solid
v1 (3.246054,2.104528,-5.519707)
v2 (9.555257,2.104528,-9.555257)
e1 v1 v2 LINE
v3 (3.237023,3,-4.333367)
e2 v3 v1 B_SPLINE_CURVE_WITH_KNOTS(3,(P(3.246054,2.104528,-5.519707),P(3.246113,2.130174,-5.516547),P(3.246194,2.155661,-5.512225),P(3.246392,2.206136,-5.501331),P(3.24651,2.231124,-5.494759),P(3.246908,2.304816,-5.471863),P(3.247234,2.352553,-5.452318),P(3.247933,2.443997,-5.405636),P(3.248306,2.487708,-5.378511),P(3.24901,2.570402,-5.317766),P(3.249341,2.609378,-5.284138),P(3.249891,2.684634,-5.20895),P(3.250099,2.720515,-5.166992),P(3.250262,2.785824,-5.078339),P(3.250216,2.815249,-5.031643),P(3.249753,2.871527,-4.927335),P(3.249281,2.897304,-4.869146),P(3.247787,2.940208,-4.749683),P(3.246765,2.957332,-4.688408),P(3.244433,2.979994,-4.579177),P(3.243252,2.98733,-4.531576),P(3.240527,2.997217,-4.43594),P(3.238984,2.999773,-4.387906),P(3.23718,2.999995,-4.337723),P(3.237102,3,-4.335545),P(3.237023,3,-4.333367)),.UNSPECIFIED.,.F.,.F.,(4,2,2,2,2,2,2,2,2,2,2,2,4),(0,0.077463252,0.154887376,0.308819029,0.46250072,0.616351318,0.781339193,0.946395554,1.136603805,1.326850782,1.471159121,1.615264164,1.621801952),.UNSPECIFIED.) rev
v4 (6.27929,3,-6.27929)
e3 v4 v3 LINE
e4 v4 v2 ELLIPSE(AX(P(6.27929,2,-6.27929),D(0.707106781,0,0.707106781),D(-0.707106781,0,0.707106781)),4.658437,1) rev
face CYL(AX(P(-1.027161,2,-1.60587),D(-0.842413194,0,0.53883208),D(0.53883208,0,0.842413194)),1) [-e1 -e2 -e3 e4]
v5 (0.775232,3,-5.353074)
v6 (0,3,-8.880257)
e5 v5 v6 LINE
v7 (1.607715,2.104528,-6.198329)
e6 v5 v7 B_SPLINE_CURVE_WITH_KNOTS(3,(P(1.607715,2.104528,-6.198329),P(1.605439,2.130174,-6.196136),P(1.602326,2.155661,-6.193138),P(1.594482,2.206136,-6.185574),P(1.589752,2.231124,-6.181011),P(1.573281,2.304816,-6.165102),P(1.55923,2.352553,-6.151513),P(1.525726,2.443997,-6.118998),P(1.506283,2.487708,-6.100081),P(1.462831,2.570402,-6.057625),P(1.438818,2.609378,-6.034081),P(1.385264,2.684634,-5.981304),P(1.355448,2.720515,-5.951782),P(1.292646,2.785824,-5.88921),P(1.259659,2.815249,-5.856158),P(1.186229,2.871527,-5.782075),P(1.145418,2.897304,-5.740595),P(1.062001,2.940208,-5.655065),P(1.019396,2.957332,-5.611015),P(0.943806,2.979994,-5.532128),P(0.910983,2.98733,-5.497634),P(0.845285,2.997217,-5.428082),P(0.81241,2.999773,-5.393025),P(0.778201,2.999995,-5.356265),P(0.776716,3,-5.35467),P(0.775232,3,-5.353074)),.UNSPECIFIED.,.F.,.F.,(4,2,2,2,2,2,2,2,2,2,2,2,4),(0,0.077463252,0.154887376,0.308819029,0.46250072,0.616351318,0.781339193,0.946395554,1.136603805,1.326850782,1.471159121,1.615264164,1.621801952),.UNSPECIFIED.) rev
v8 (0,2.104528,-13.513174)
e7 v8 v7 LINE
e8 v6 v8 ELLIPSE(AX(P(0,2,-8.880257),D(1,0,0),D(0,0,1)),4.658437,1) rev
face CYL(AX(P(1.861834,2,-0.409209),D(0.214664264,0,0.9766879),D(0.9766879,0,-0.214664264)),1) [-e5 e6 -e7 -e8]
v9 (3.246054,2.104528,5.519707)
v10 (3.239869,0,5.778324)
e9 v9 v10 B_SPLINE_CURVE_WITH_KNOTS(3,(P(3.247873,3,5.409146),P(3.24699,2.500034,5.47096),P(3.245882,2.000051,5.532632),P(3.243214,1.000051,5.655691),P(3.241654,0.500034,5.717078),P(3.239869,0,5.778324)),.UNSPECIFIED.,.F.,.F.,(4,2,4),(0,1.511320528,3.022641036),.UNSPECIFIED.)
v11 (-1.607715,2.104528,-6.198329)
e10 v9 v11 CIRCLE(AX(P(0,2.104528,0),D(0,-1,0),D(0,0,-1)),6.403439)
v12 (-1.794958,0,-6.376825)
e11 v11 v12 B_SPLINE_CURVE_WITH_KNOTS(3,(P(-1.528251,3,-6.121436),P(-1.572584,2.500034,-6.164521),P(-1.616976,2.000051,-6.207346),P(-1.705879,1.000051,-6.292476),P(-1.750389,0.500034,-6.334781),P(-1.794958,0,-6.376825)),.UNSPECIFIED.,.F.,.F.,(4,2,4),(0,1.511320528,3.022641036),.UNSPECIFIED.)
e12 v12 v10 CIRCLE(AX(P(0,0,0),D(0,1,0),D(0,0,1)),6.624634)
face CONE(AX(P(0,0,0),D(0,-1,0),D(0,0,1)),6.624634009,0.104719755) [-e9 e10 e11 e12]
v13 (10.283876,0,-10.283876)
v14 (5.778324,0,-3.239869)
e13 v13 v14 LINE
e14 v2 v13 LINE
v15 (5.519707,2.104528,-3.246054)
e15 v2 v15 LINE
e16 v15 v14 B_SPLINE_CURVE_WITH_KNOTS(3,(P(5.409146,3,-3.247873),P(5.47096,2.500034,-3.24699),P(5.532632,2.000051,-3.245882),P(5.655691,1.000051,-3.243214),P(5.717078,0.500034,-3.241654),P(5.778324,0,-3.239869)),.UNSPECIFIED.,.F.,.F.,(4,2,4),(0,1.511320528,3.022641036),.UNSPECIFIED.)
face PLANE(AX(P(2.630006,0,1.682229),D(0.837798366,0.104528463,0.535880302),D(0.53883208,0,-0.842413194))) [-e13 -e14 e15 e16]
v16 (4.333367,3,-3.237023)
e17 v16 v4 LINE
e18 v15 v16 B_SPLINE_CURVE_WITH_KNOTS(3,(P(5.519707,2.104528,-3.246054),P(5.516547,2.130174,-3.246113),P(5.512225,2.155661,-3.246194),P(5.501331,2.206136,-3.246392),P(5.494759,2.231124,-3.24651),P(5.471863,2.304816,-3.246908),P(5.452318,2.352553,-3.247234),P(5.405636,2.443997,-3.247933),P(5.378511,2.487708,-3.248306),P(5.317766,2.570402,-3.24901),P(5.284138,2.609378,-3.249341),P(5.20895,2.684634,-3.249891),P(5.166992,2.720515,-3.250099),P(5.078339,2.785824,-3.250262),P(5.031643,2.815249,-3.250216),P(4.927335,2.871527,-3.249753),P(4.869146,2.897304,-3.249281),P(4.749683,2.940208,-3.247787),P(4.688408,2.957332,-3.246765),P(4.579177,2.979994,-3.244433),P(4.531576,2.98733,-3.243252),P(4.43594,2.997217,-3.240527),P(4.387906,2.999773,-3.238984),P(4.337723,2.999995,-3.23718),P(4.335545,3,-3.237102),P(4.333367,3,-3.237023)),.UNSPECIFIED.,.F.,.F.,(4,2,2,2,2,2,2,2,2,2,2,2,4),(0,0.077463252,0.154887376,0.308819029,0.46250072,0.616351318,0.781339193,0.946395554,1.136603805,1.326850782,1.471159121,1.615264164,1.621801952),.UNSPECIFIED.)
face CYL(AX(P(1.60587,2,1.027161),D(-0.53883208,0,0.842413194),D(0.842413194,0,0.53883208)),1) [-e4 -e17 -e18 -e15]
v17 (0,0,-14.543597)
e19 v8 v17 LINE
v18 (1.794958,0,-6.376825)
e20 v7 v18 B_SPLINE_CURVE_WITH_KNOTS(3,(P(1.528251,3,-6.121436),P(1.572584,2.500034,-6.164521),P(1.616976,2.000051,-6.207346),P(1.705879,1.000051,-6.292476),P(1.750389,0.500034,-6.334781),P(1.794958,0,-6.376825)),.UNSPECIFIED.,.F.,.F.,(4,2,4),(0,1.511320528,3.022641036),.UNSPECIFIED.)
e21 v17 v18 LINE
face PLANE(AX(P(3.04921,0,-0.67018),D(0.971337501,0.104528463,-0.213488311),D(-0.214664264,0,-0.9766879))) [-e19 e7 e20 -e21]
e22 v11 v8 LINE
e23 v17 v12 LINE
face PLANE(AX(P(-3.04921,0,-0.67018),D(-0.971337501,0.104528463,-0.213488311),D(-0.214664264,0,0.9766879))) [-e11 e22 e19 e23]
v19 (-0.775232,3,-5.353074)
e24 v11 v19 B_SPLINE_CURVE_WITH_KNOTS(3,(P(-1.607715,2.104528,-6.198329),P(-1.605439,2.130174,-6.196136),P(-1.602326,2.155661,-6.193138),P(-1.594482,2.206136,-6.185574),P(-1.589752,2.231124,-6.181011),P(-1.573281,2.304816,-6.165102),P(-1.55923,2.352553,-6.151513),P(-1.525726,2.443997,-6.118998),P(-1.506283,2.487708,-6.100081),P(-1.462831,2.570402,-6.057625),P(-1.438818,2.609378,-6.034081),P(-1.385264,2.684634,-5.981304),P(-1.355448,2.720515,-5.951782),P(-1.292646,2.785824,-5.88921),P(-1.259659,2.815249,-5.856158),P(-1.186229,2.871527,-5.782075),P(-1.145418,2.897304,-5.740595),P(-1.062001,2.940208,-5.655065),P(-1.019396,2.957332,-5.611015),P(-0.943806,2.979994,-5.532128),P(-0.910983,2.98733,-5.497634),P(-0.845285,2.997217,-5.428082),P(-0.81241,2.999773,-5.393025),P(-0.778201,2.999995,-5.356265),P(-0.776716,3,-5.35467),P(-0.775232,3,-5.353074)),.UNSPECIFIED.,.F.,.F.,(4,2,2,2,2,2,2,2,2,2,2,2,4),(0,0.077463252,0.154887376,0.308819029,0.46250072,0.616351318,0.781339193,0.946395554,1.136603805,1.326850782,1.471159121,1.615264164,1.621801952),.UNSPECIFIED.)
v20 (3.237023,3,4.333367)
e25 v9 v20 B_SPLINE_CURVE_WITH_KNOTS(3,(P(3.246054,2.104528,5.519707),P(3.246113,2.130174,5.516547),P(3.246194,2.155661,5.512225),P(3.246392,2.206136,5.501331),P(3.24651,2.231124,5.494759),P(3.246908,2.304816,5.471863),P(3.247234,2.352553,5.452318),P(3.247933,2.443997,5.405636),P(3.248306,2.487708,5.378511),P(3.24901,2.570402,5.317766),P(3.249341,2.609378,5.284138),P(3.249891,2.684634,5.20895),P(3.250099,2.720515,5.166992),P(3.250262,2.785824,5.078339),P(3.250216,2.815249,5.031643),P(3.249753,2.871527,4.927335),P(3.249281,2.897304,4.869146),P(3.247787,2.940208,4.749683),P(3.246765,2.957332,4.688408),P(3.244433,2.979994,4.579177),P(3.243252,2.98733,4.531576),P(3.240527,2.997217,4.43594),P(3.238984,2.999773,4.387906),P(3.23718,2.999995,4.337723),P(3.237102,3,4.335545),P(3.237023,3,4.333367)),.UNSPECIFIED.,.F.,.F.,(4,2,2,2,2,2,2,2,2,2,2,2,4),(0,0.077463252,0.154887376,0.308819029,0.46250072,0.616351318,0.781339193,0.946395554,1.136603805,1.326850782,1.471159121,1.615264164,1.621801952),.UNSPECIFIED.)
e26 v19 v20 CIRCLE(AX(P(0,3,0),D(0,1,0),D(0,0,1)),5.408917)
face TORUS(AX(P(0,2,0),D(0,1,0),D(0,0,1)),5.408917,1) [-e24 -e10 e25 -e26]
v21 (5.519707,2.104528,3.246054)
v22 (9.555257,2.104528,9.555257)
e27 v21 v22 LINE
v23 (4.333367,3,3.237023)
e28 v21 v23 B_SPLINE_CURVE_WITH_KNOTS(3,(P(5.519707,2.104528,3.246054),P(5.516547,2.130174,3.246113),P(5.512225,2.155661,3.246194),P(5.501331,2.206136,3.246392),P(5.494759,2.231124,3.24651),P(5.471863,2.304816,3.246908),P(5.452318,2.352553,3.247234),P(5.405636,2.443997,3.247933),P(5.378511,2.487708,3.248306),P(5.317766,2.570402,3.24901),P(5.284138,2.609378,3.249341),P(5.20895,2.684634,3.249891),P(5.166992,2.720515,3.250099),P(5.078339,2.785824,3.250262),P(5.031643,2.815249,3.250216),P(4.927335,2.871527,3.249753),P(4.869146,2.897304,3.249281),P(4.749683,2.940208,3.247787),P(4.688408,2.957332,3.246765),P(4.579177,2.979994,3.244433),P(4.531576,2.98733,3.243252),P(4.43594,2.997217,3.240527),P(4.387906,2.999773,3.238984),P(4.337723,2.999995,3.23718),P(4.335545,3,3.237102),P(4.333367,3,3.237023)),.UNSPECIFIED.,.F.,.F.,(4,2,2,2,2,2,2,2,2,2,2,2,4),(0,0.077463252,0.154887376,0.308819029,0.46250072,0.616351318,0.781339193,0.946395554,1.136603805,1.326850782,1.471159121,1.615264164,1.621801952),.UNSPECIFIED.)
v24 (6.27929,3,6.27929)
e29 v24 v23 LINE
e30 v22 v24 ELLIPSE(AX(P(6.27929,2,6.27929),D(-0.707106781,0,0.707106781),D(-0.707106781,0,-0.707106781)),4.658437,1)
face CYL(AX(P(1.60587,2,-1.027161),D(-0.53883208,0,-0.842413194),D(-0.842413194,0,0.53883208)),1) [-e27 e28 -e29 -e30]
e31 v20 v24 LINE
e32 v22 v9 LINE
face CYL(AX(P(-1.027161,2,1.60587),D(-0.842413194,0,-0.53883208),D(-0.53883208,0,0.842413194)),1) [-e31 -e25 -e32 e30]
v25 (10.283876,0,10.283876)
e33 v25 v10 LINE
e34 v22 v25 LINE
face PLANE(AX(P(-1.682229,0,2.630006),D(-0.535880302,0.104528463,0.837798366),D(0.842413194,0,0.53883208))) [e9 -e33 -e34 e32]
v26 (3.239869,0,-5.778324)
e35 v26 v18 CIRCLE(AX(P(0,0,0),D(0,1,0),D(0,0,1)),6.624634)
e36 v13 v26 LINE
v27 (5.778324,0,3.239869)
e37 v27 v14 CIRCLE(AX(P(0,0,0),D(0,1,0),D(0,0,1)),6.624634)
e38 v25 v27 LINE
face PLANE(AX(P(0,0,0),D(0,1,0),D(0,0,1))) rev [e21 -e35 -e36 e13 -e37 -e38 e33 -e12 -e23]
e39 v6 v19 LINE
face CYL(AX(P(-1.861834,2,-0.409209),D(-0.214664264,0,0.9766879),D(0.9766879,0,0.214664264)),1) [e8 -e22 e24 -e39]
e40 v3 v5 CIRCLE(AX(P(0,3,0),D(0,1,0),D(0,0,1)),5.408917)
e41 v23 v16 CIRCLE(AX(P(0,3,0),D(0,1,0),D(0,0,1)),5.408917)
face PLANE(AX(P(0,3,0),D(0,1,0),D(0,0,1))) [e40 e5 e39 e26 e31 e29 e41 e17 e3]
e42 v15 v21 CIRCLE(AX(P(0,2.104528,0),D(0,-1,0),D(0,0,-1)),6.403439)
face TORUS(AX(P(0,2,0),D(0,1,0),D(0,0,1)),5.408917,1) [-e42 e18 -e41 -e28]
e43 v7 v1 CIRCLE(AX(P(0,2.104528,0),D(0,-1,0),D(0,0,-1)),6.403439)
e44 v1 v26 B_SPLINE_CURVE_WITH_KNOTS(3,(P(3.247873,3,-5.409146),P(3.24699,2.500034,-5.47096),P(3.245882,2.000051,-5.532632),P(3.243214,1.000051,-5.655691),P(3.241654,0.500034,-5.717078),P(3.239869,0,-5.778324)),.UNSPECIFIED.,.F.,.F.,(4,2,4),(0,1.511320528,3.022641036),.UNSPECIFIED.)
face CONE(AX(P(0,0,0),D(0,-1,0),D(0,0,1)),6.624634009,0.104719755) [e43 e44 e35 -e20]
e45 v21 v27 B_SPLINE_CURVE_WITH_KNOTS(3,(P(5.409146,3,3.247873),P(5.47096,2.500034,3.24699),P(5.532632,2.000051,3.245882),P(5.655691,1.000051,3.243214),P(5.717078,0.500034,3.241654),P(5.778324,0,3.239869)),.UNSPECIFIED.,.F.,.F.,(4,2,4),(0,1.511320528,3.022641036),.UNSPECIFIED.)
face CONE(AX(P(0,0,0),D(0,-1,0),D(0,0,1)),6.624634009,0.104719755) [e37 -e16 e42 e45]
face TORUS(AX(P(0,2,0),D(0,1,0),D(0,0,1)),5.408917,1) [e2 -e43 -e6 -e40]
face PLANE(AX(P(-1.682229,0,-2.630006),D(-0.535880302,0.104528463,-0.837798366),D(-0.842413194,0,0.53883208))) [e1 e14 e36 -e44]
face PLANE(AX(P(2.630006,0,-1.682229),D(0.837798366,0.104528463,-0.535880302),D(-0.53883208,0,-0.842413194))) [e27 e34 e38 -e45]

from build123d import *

# Parameters (mm, degrees)
BOSS_EXTRUDE1_DEPTH = 3
BOSS_EXTRUDE1_TAPER = 6
FILLET1_R           = 1


with BuildPart() as part:
    # Sketch2 → Boss-Extrude1 (new body)
    with BuildSketch(Plane(origin=(0, 0, 0), x_dir=(1, 0, 0), z_dir=(0, 1, 0))):
        with BuildLine():
            Line((1.794958228, 6.376825284), (0, 14.54359673))
            Line((0, 14.54359673), (-1.794958228, 6.376825284))
            ThreePointArc((-1.794958228, 6.376825284), (-6.120363771, -2.535137681), (3.239869266, -5.778323536))
            Line((3.239869266, -5.778323536), (10.283875871, -10.283875871))
            Line((10.283875871, -10.283875871), (5.778323536, -3.239869266))
            ThreePointArc((5.778323536, -3.239869266), (6.624634009, 0), (5.778323536, 3.239869266))
            Line((5.778323536, 3.239869266), (10.283875871, 10.283875871))
            Line((10.283875871, 10.283875871), (3.239869266, 5.778323536))
            ThreePointArc((3.239869266, 5.778323536), (2.535137681, 6.120363771), (1.794958228, 6.376825284))
        make_face()
    extrude(amount=BOSS_EXTRUDE1_DEPTH, taper=BOSS_EXTRUDE1_TAPER)

    # Fillet1
    fillet1_edges = [part.edges().sort_by_distance(p)[0] for p in [
        (-5.829052816, 3, 2.414472732),
        (-0.764125431, 3, -9.598084382),
        (0.764125431, 3, -9.598084382),
        (2.414472732, 3, -5.829052816),
        (6.246552279, 3, -7.327188827),
        (7.327188827, 3, -6.246552279),
        (6.309321303, 3, 0),
        (7.327188827, 3, 6.246552279),
        (6.246552279, 3, 7.327188827),
    ]]
    fillet(fillet1_edges, radius=FILLET1_R)


solid = part.part
